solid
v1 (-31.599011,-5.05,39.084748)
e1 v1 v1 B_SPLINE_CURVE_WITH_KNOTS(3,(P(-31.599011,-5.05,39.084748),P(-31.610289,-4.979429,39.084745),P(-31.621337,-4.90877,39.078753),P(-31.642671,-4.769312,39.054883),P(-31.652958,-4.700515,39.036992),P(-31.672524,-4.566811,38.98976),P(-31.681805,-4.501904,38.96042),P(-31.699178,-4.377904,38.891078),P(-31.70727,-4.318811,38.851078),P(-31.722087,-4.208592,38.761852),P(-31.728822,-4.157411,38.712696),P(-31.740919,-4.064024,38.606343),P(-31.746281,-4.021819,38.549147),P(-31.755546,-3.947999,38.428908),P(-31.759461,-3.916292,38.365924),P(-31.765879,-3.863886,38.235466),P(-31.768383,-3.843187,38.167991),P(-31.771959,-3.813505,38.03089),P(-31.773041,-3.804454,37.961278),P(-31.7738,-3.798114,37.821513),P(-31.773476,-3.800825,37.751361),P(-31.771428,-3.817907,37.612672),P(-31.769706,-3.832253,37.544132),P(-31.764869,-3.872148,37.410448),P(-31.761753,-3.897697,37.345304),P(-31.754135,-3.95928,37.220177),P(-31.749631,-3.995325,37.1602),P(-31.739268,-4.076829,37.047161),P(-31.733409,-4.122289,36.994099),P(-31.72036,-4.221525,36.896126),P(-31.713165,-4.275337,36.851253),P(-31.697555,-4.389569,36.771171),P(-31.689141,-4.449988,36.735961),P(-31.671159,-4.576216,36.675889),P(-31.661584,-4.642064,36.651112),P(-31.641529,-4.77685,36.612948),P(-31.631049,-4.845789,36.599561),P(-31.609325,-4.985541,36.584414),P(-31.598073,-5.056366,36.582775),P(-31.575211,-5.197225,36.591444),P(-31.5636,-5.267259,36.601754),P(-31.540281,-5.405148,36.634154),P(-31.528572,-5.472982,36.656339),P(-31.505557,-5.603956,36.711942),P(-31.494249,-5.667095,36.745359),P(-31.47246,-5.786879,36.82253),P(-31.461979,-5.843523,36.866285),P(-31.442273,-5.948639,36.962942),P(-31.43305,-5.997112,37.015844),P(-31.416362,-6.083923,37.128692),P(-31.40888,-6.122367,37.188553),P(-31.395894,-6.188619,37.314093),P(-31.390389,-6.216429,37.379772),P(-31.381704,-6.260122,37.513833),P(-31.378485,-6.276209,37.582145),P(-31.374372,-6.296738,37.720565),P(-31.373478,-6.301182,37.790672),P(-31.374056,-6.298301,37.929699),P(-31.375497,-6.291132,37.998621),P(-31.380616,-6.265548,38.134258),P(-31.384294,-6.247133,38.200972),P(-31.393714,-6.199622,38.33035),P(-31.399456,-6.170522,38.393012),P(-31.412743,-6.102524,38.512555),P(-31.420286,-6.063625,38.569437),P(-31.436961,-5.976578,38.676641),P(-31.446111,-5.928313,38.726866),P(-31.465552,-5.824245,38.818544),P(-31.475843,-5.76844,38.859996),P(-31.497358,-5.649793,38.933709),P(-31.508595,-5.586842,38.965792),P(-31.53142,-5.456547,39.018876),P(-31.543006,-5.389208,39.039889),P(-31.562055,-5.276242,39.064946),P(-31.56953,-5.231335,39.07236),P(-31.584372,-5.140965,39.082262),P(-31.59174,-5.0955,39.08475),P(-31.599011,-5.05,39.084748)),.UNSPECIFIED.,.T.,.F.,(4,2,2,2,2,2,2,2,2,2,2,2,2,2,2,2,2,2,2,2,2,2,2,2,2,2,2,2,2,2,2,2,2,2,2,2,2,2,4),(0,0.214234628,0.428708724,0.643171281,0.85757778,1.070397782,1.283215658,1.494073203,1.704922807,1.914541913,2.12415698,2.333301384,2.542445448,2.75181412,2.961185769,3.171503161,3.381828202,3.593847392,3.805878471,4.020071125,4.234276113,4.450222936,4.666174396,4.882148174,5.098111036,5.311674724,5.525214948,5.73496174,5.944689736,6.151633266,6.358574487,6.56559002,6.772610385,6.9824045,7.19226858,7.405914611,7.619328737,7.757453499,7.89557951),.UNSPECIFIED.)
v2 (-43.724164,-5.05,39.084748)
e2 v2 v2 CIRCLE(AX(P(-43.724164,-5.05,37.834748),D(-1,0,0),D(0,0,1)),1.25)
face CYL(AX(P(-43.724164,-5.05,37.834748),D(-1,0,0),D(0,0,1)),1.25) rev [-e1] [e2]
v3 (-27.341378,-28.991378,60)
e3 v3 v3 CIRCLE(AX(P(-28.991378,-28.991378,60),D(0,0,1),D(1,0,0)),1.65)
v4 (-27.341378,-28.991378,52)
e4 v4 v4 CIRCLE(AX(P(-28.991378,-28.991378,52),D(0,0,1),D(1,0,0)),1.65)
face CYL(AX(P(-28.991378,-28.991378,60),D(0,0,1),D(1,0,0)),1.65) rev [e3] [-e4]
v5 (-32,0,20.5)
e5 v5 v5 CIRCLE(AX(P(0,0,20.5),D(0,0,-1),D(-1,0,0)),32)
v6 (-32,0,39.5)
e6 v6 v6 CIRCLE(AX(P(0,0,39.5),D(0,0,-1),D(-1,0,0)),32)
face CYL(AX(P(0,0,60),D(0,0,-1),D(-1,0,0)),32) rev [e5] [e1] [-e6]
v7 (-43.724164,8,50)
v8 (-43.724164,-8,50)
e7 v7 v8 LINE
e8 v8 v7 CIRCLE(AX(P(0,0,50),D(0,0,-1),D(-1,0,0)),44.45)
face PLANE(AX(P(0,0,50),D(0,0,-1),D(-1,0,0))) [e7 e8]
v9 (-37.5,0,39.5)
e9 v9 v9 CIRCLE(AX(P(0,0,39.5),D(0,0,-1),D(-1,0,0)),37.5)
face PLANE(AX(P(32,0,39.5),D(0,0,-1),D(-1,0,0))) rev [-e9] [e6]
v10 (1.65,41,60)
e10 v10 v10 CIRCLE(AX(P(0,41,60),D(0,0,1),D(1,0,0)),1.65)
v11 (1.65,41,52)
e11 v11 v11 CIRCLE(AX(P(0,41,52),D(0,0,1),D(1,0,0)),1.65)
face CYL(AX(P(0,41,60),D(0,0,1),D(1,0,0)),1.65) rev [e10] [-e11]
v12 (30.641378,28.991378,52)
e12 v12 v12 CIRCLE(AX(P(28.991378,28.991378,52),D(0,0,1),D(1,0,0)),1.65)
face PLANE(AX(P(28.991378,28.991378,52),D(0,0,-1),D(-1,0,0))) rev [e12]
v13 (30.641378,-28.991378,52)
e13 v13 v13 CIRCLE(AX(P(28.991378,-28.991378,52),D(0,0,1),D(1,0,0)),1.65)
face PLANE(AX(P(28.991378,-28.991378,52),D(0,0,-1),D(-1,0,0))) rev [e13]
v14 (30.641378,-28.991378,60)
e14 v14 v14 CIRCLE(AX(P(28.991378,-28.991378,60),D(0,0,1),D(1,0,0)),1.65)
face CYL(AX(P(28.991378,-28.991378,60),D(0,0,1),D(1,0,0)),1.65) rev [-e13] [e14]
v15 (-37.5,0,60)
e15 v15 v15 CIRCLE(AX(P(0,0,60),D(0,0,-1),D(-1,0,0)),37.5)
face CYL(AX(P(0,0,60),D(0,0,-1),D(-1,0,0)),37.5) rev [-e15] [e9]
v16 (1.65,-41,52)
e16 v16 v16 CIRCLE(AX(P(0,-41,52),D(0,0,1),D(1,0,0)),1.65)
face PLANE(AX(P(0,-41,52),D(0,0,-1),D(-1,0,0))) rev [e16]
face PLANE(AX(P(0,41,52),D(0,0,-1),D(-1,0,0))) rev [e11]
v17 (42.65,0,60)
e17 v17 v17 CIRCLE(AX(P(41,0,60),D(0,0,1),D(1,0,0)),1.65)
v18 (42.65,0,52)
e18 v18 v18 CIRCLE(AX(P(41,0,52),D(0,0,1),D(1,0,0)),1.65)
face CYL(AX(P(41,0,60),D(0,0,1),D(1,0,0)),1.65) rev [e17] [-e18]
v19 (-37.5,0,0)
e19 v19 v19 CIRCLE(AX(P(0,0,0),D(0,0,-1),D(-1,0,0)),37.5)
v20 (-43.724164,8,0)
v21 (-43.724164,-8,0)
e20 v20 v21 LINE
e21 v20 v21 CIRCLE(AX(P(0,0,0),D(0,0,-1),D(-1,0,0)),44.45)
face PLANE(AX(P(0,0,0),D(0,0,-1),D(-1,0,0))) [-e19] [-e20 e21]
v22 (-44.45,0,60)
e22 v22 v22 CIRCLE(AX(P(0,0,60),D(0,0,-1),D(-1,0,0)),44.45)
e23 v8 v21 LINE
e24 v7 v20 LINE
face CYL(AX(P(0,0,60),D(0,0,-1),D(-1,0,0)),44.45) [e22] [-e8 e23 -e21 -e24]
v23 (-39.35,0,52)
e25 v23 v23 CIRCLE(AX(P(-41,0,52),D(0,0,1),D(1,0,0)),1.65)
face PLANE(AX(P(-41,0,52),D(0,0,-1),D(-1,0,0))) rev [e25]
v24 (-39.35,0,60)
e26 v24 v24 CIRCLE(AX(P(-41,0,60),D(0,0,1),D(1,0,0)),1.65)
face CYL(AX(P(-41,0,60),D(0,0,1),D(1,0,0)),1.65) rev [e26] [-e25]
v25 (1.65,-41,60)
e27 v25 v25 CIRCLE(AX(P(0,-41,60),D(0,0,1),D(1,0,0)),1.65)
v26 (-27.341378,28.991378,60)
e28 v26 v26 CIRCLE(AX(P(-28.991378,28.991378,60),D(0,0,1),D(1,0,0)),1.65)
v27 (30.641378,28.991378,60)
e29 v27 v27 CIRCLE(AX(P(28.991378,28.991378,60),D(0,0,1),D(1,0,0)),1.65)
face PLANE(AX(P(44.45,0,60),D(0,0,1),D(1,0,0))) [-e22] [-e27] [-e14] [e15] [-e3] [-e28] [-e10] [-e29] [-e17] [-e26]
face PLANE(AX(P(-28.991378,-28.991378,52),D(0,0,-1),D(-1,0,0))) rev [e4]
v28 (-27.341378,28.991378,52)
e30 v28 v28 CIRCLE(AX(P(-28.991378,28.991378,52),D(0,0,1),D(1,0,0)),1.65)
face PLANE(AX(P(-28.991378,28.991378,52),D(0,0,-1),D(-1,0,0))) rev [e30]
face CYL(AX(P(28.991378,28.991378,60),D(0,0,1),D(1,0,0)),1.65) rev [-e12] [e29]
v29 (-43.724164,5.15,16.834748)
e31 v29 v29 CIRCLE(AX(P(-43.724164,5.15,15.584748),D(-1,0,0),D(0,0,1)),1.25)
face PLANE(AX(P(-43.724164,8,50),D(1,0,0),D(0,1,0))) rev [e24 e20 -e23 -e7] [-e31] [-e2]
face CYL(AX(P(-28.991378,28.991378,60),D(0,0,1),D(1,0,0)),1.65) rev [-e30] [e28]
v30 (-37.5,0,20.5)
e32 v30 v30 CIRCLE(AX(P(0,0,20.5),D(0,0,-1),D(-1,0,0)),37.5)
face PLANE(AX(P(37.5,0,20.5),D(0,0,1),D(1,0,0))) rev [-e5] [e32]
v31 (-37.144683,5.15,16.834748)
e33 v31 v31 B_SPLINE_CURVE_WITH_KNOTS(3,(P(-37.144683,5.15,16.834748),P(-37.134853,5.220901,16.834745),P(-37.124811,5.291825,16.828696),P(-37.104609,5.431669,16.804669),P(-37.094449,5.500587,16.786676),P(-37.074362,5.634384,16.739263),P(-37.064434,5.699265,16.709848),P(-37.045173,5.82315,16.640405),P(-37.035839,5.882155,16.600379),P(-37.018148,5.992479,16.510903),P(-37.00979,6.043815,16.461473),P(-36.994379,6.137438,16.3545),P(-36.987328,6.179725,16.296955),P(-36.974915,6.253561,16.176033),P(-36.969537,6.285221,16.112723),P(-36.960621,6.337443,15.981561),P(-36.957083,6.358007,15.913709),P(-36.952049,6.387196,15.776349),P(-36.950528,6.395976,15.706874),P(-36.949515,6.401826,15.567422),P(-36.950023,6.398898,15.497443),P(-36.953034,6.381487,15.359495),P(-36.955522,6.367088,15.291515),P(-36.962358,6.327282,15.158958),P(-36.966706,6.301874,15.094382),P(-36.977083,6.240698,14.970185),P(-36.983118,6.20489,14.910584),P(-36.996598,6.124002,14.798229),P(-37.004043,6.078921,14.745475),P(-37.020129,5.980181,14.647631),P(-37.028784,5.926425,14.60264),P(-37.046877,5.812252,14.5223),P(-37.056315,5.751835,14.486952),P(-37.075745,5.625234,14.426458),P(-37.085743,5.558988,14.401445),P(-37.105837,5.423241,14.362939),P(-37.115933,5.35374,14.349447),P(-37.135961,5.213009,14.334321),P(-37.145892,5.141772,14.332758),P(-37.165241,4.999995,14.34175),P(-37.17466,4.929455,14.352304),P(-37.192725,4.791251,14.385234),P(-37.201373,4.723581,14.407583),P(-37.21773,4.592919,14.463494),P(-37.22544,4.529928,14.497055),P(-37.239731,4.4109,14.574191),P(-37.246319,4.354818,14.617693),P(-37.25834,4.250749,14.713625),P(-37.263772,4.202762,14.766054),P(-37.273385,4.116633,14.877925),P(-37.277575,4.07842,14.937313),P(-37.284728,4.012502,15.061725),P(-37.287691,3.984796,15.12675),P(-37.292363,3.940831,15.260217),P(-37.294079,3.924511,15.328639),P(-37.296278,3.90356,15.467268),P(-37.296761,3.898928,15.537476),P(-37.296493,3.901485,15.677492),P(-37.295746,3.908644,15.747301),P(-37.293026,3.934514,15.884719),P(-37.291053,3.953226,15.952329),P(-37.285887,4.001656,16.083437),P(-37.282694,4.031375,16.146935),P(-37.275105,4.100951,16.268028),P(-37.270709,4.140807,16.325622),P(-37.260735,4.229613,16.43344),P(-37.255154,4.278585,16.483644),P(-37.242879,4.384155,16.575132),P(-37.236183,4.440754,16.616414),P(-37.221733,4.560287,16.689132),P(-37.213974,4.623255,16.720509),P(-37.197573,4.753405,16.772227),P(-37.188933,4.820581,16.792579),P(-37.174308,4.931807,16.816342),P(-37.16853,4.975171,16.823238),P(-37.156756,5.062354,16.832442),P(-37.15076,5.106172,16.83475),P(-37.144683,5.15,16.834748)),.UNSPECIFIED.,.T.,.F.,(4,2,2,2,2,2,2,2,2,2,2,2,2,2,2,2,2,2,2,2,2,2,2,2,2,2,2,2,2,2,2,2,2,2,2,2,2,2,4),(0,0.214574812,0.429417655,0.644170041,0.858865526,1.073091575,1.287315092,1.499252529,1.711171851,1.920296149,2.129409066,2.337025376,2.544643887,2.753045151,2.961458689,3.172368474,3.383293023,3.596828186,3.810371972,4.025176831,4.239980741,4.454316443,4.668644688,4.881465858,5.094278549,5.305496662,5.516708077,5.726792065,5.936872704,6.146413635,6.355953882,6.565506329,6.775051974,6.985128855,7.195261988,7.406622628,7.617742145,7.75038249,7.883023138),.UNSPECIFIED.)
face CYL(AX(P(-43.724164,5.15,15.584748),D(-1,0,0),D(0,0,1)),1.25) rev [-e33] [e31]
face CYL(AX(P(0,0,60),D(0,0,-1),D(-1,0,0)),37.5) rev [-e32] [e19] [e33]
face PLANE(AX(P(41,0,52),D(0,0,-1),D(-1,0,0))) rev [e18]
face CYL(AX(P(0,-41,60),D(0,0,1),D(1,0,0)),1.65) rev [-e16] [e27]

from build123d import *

# Parameters (mm, degrees)
SKETCH1_W                  = 44.45
SKETCH1_H                  = 60
CUT_EXTRUDE1_DEPTH         = 50
F_4_CLEARANCE_HOLE1_D      = 3.3
F_4_CLEARANCE_HOLE1_DEPTH  = 8
F_2_CLEARANCE_HOLE1_REACH  = 117.544
F_2_CLEARANCE_HOLE1_BORE_R = 1.25
F_2_CLEARANCE_HOLE2_REACH  = 117.544
F_2_CLEARANCE_HOLE2_BORE_R = 1.25


with BuildPart() as part:
    # Sketch1 → Revolve1 (revolve)
    with BuildSketch(Plane.XZ, mode=Mode.PRIVATE) as revolve1_sk:
        with Locations((22.225, 30)):
            Rectangle(SKETCH1_W, SKETCH1_H)
    revolve(revolve1_sk.sketch.rotate(Axis((0, 0, 60), (0, 0, -1)), 180), axis=Axis((0, 0, 60), (0, 0, -1)))

    # Sketch2 → Cut-Extrude1 (cut)
    with BuildSketch(Plane(origin=(0, 0, 0), x_dir=(-1, 0, 0), z_dir=(0, 0, -1))):
        with BuildLine():
            Line((43.7241638, 8), (43.7241638, -8))
            ThreePointArc((43.7241638, -8), (44.45, 0), (43.7241638, 8))
        make_face()
    extrude(amount=-CUT_EXTRUDE1_DEPTH, mode=Mode.SUBTRACT)

    # Sketch3 → Cut-Revolve1 (revolve, cut)
    with BuildSketch(Plane.XZ, mode=Mode.PRIVATE) as cut_revolve1_sk:
        Polygon((37.5, 60), (0, 60), (0, 0), (37.5, 0), (37.5, 20.5), (32, 20.5), (32, 39.5), (37.5, 39.5), align=None)
    revolve(cut_revolve1_sk.sketch.rotate(Axis((0, 0, 60), (0, 0, -1)), 180), axis=Axis((0, 0, 60), (0, 0, -1)), mode=Mode.SUBTRACT)

    # #4 Clearance Hole1
    with Locations(Plane.XY.offset(60)):
        with Locations((28.991378029, 28.991378029), (0, 41), (-28.991378029, 28.991378029), (-41, 0), (-28.991378029, -28.991378029), (0, -41), (28.991378029, -28.991378029), (41, 0)):
            Hole(F_4_CLEARANCE_HOLE1_D / 2, depth=F_4_CLEARANCE_HOLE1_DEPTH)

    # #2 Clearance Hole1 bore → #2 Clearance Hole1 (cut, up to next)
    with BuildSketch(Plane.ZY.offset(43.7241638), mode=Mode.PRIVATE) as f_2_clearance_hole1_sk1:
        with Locations((15.584748033, 5.15)):
            Circle(F_2_CLEARANCE_HOLE1_BORE_R)
    f_2_clearance_hole1_tool1 = extrude(f_2_clearance_hole1_sk1.sketch, amount=-F_2_CLEARANCE_HOLE1_REACH, mode=Mode.PRIVATE) & part.part
    add(f_2_clearance_hole1_tool1.solids().sort_by_distance((-43.724164, 5.15, 15.584748))[0], mode=Mode.SUBTRACT)

    # #2 Clearance Hole2 bore → #2 Clearance Hole2 (cut, up to next)
    with BuildSketch(Plane.ZY.offset(43.7241638), mode=Mode.PRIVATE) as f_2_clearance_hole2_sk1:
        with Locations((37.834748033, -5.05)):
            Circle(F_2_CLEARANCE_HOLE2_BORE_R)
    f_2_clearance_hole2_tool1 = extrude(f_2_clearance_hole2_sk1.sketch, amount=-F_2_CLEARANCE_HOLE2_REACH, mode=Mode.PRIVATE) & part.part
    add(f_2_clearance_hole2_tool1.solids().sort_by_distance((-43.724164, -5.05, 37.834748))[0], mode=Mode.SUBTRACT)


solid = part.part
